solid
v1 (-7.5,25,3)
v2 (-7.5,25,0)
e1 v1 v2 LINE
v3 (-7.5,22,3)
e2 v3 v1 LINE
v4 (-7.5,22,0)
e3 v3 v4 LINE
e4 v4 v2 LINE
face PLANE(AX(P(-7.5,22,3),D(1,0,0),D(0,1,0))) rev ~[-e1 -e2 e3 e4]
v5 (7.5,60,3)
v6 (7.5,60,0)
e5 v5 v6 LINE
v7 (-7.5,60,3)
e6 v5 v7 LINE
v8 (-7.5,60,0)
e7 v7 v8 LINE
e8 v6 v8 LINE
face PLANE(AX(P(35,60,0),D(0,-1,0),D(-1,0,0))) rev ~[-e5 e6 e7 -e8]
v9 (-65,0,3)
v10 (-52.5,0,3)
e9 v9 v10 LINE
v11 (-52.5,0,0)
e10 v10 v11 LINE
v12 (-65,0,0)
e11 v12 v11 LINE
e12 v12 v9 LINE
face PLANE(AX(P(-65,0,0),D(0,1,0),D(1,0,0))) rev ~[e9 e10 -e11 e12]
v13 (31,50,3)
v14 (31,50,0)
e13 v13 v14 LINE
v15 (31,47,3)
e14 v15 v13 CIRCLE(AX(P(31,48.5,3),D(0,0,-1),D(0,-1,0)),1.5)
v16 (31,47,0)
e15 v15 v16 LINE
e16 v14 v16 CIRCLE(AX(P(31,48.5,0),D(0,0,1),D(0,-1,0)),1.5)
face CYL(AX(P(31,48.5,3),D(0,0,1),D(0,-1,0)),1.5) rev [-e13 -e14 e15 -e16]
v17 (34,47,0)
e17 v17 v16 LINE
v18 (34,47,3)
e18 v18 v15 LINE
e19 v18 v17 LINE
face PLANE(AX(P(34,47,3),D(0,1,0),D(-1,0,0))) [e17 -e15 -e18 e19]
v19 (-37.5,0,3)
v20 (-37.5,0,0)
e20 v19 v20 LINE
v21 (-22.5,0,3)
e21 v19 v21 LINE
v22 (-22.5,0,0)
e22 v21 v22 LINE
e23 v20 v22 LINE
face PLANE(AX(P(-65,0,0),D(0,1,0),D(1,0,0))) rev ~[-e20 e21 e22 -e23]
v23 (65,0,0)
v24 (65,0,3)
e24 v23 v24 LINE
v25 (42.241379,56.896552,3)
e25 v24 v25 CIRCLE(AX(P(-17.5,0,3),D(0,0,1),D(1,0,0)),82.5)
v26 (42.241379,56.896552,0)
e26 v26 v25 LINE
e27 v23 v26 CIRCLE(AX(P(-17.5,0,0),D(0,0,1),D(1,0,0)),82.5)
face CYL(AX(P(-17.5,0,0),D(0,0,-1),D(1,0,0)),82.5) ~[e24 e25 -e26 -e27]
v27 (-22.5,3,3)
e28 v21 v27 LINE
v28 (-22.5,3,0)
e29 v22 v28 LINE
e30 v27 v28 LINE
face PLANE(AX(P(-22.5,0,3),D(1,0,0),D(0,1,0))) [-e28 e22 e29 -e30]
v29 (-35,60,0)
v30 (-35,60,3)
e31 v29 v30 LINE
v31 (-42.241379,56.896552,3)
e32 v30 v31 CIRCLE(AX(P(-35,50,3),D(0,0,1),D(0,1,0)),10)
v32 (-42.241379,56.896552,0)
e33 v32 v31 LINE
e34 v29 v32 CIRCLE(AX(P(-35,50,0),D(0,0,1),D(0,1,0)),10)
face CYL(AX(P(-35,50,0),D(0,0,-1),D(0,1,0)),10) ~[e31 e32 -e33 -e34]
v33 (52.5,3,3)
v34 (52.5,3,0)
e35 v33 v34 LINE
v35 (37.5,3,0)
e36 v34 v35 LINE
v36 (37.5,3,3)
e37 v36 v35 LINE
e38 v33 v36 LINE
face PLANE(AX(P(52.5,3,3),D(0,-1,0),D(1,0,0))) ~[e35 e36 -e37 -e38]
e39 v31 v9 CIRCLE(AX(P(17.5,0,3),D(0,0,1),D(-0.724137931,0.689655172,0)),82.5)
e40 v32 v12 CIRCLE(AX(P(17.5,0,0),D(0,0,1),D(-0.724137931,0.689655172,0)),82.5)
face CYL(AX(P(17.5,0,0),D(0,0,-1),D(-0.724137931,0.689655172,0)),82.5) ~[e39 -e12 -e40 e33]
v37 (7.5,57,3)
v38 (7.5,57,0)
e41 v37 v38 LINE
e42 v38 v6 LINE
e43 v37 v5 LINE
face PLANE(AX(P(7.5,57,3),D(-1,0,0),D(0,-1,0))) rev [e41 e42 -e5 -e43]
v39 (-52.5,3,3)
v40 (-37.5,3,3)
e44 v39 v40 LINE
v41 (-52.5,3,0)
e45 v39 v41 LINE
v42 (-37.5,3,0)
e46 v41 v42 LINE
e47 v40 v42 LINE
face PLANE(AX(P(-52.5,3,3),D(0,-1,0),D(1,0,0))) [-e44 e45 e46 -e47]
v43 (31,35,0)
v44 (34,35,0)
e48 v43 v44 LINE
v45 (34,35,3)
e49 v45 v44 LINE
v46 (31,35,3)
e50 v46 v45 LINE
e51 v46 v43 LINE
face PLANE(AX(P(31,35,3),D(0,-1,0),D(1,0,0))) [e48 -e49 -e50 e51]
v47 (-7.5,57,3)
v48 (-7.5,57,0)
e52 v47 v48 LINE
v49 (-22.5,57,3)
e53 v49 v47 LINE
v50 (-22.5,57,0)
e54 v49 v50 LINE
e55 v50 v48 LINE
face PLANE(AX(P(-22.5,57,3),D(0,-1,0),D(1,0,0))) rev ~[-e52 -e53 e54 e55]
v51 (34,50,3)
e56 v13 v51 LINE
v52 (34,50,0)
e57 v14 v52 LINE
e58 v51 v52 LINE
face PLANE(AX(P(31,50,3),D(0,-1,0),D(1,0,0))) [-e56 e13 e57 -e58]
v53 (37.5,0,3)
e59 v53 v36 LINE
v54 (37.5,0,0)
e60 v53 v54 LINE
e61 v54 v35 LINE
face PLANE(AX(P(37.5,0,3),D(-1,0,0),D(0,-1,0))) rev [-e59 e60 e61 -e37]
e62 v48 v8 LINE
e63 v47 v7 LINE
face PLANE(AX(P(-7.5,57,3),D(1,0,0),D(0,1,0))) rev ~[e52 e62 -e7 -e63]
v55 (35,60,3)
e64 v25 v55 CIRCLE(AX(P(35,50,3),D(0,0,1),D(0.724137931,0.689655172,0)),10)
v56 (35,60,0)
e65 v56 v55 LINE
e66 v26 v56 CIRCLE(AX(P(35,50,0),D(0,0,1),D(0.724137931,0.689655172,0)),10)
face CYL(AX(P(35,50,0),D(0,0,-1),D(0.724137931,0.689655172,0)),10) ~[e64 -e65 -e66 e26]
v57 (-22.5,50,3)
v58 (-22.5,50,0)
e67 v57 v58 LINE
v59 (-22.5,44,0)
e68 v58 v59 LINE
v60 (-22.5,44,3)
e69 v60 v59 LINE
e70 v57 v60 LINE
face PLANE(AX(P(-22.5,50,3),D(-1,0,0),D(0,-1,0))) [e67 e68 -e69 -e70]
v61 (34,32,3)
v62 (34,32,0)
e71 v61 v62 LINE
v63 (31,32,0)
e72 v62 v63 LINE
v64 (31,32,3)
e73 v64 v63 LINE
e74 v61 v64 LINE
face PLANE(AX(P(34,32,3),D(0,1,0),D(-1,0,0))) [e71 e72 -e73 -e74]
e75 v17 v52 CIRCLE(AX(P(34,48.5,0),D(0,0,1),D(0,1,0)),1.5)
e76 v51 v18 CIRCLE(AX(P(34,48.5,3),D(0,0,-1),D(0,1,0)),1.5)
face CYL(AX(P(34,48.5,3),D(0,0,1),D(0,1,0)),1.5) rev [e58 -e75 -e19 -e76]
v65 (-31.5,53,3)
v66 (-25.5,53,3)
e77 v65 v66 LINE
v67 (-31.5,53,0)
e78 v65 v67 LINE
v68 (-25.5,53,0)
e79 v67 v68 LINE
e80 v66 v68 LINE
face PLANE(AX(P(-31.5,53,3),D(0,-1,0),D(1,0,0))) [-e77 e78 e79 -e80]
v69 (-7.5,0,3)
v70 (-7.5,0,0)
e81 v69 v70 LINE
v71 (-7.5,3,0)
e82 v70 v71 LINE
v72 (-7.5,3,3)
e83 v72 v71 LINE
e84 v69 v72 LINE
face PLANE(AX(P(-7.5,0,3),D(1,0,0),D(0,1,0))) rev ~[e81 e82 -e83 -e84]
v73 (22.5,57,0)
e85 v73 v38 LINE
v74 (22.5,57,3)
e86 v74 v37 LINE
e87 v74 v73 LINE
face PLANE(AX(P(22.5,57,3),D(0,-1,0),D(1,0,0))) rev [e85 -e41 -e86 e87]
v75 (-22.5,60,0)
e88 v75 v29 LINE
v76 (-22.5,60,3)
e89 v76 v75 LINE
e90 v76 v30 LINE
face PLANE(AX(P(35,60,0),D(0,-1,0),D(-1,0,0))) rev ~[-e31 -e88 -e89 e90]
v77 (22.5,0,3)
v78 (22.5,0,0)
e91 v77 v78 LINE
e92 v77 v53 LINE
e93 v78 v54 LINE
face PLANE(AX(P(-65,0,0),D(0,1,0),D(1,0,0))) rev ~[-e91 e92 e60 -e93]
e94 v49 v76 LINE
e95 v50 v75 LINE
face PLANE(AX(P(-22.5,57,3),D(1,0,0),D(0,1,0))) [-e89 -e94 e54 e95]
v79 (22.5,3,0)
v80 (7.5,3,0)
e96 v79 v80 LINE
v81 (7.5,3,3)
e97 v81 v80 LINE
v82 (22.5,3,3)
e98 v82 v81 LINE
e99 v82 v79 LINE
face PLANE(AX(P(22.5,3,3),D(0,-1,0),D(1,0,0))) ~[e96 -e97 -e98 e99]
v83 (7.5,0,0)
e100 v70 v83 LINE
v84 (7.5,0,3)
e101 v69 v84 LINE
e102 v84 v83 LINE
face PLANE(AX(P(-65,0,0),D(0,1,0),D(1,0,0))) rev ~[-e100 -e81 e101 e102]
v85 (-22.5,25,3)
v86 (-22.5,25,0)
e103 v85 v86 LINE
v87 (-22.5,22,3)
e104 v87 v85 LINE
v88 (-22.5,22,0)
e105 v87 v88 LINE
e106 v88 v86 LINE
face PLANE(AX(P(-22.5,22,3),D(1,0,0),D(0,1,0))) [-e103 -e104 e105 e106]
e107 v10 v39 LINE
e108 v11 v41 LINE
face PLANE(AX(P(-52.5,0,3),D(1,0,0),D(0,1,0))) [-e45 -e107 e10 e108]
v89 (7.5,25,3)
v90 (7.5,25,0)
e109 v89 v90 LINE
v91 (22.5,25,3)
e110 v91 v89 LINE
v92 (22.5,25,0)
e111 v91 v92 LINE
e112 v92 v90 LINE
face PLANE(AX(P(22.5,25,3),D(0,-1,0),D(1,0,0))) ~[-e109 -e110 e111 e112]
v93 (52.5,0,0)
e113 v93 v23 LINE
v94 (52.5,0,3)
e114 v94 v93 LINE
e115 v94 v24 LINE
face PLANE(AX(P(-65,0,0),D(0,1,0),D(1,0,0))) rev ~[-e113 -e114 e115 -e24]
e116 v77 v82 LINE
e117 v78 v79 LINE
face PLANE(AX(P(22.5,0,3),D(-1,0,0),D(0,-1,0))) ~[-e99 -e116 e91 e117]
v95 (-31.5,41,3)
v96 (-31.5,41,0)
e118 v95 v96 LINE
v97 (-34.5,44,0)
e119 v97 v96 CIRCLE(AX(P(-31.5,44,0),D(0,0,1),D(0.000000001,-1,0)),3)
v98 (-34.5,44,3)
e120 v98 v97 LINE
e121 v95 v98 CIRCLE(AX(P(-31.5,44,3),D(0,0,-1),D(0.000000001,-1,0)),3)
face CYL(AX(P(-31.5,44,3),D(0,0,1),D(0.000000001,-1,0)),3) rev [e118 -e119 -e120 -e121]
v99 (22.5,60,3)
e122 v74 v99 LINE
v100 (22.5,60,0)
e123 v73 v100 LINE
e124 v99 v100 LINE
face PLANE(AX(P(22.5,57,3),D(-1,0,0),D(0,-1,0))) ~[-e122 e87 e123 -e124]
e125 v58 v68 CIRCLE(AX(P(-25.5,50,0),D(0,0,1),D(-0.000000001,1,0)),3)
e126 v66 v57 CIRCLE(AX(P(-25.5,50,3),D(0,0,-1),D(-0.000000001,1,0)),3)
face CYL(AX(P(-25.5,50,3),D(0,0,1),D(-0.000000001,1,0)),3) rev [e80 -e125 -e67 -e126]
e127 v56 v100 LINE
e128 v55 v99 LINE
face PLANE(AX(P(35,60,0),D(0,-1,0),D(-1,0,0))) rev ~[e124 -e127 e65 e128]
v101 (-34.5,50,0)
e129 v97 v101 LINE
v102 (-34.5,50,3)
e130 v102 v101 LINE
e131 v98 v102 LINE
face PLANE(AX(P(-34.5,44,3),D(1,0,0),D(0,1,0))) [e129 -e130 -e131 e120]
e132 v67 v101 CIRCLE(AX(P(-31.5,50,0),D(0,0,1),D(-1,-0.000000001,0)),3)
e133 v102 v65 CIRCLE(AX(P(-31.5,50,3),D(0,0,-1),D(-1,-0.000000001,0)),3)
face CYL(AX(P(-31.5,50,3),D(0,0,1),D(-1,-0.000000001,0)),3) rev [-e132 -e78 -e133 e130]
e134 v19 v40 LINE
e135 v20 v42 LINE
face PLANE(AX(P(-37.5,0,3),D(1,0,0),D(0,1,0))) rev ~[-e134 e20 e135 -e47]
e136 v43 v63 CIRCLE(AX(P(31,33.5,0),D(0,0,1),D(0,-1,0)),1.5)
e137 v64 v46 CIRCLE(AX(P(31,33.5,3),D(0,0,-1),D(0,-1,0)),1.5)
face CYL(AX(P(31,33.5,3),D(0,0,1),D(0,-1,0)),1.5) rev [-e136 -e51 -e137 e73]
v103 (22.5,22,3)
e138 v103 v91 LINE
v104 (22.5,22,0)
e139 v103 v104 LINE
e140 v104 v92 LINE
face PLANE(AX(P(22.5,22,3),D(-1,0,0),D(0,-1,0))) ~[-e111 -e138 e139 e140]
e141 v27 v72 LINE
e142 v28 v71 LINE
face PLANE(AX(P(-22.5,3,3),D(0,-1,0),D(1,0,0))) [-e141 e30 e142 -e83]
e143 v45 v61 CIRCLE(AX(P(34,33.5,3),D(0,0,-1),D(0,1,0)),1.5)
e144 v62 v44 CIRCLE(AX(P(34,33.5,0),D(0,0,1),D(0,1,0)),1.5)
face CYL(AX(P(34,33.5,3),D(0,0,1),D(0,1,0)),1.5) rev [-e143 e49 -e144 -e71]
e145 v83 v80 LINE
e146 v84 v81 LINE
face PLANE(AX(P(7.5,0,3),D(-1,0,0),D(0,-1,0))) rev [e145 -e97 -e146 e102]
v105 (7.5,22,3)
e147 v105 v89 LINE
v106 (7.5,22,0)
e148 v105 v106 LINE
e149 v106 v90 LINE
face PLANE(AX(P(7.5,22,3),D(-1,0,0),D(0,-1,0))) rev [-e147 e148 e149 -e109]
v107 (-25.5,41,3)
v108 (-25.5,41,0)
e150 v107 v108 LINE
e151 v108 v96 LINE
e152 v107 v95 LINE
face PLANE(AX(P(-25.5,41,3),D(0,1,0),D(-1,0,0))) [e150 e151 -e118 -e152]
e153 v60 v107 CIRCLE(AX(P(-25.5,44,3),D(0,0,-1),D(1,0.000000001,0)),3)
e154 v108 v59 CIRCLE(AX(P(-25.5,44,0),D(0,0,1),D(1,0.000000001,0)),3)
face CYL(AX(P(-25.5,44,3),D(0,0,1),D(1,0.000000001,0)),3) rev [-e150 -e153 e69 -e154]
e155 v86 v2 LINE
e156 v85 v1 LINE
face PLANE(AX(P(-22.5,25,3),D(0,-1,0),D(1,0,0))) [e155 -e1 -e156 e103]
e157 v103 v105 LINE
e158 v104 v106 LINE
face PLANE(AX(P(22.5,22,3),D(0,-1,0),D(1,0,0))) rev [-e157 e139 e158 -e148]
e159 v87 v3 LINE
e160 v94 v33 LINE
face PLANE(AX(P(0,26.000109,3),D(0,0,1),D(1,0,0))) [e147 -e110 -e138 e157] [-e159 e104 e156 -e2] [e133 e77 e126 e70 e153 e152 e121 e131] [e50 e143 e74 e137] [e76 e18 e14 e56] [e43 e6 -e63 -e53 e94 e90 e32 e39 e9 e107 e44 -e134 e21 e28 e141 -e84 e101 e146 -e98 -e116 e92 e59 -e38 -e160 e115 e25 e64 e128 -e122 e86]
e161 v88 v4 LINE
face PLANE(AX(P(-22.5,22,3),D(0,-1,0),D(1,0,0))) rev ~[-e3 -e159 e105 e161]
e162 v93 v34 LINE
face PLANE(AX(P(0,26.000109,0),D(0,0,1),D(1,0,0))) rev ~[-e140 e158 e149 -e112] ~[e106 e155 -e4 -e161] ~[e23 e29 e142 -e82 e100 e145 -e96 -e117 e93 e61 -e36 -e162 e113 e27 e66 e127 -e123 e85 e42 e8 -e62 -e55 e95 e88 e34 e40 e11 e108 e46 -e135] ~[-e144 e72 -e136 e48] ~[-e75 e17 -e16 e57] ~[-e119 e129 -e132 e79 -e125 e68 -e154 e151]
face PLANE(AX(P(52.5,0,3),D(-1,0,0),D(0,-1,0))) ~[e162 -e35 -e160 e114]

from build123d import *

# Parameters (mm, degrees)
BOSS_EXTRUDE1_DEPTH = 3
SKETCH2_W           = 15
SKETCH2_H           = 3
CUT_EXTRUDE1_DEPTH  = 89.509886453
CUT_EXTRUDE2_DEPTH  = 89.509886453
CUT_EXTRUDE3_DEPTH  = 89.509886453


with BuildPart() as part:
    # Sketch1 → Boss-Extrude1 (new body)
    with BuildSketch(Plane.XY):
        with BuildLine():
            Line((35, 60), (-35, 60))
            ThreePointArc((-35, 60), (-38.939192986, 59.1914503), (-42.24137931, 56.896551724))
            ThreePointArc((-42.24137931, 56.896551724), (-59.099326998, 30.639730799), (-65, 0))
            Line((-65, 0), (65, 0))
            ThreePointArc((65, 0), (59.099326998, 30.639730799), (42.24137931, 56.896551724))
            ThreePointArc((42.24137931, 56.896551724), (38.939192986, 59.1914503), (35, 60))
        make_face()
    extrude(amount=BOSS_EXTRUDE1_DEPTH)

    # Sketch2 → Cut-Extrude1 (cut, through all)
    with BuildSketch(Plane.XY.offset(3)):
        with Locations((-15, 58.5)):
            Rectangle(SKETCH2_W, SKETCH2_H)
        with Locations((-45, 1.5)):
            Rectangle(SKETCH2_W, SKETCH2_H)
        with Locations((-15, 1.5)):
            Rectangle(SKETCH2_W, SKETCH2_H)
        with Locations((-15, 23.5)):
            Rectangle(SKETCH2_W, SKETCH2_H)
    cut_extrude1 = extrude(amount=-CUT_EXTRUDE1_DEPTH, mode=Mode.SUBTRACT)

    # Mirror1: Cut-Extrude1 across plane
    add(cut_extrude1.mirror(Plane(origin=(0, 0, 0), x_dir=(0, 0, 1), z_dir=(1, 0, 0))), mode=Mode.SUBTRACT)

    # Sketch3 → Cut-Extrude2 (cut, through all)
    with BuildSketch(Plane.XY.offset(3)):
        with BuildLine():
            Line((-31.5, 53), (-25.5, 53))
            ThreePointArc((-25.5, 53), (-23.378679656, 52.121320344), (-22.5, 50))
            Line((-22.5, 50), (-22.5, 44))
            ThreePointArc((-22.5, 44), (-23.378679656, 41.878679656), (-25.5, 41))
            Line((-25.5, 41), (-31.5, 41))
            ThreePointArc((-31.5, 41), (-33.621320344, 41.878679656), (-34.5, 44))
            Line((-34.5, 44), (-34.5, 50))
            ThreePointArc((-34.5, 50), (-33.621320344, 52.121320344), (-31.5, 53))
        make_face()
    extrude(amount=-CUT_EXTRUDE2_DEPTH, mode=Mode.SUBTRACT)

    # Sketch4 → Cut-Extrude3 (cut, through all)
    with BuildSketch(Plane.XY.offset(3)):
        with BuildLine():
            Line((31, 50), (34, 50))
            ThreePointArc((34, 50), (35.5, 48.5), (34, 47))
            Line((34, 47), (31, 47))
            ThreePointArc((31, 47), (29.5, 48.5), (31, 50))
        make_face()
        with BuildLine():
            Line((31, 35), (34, 35))
            ThreePointArc((34, 35), (35.5, 33.5), (34, 32))
            Line((34, 32), (31, 32))
            ThreePointArc((31, 32), (29.5, 33.5), (31, 35))
        make_face()
    extrude(amount=-CUT_EXTRUDE3_DEPTH, mode=Mode.SUBTRACT)


solid = part.part
